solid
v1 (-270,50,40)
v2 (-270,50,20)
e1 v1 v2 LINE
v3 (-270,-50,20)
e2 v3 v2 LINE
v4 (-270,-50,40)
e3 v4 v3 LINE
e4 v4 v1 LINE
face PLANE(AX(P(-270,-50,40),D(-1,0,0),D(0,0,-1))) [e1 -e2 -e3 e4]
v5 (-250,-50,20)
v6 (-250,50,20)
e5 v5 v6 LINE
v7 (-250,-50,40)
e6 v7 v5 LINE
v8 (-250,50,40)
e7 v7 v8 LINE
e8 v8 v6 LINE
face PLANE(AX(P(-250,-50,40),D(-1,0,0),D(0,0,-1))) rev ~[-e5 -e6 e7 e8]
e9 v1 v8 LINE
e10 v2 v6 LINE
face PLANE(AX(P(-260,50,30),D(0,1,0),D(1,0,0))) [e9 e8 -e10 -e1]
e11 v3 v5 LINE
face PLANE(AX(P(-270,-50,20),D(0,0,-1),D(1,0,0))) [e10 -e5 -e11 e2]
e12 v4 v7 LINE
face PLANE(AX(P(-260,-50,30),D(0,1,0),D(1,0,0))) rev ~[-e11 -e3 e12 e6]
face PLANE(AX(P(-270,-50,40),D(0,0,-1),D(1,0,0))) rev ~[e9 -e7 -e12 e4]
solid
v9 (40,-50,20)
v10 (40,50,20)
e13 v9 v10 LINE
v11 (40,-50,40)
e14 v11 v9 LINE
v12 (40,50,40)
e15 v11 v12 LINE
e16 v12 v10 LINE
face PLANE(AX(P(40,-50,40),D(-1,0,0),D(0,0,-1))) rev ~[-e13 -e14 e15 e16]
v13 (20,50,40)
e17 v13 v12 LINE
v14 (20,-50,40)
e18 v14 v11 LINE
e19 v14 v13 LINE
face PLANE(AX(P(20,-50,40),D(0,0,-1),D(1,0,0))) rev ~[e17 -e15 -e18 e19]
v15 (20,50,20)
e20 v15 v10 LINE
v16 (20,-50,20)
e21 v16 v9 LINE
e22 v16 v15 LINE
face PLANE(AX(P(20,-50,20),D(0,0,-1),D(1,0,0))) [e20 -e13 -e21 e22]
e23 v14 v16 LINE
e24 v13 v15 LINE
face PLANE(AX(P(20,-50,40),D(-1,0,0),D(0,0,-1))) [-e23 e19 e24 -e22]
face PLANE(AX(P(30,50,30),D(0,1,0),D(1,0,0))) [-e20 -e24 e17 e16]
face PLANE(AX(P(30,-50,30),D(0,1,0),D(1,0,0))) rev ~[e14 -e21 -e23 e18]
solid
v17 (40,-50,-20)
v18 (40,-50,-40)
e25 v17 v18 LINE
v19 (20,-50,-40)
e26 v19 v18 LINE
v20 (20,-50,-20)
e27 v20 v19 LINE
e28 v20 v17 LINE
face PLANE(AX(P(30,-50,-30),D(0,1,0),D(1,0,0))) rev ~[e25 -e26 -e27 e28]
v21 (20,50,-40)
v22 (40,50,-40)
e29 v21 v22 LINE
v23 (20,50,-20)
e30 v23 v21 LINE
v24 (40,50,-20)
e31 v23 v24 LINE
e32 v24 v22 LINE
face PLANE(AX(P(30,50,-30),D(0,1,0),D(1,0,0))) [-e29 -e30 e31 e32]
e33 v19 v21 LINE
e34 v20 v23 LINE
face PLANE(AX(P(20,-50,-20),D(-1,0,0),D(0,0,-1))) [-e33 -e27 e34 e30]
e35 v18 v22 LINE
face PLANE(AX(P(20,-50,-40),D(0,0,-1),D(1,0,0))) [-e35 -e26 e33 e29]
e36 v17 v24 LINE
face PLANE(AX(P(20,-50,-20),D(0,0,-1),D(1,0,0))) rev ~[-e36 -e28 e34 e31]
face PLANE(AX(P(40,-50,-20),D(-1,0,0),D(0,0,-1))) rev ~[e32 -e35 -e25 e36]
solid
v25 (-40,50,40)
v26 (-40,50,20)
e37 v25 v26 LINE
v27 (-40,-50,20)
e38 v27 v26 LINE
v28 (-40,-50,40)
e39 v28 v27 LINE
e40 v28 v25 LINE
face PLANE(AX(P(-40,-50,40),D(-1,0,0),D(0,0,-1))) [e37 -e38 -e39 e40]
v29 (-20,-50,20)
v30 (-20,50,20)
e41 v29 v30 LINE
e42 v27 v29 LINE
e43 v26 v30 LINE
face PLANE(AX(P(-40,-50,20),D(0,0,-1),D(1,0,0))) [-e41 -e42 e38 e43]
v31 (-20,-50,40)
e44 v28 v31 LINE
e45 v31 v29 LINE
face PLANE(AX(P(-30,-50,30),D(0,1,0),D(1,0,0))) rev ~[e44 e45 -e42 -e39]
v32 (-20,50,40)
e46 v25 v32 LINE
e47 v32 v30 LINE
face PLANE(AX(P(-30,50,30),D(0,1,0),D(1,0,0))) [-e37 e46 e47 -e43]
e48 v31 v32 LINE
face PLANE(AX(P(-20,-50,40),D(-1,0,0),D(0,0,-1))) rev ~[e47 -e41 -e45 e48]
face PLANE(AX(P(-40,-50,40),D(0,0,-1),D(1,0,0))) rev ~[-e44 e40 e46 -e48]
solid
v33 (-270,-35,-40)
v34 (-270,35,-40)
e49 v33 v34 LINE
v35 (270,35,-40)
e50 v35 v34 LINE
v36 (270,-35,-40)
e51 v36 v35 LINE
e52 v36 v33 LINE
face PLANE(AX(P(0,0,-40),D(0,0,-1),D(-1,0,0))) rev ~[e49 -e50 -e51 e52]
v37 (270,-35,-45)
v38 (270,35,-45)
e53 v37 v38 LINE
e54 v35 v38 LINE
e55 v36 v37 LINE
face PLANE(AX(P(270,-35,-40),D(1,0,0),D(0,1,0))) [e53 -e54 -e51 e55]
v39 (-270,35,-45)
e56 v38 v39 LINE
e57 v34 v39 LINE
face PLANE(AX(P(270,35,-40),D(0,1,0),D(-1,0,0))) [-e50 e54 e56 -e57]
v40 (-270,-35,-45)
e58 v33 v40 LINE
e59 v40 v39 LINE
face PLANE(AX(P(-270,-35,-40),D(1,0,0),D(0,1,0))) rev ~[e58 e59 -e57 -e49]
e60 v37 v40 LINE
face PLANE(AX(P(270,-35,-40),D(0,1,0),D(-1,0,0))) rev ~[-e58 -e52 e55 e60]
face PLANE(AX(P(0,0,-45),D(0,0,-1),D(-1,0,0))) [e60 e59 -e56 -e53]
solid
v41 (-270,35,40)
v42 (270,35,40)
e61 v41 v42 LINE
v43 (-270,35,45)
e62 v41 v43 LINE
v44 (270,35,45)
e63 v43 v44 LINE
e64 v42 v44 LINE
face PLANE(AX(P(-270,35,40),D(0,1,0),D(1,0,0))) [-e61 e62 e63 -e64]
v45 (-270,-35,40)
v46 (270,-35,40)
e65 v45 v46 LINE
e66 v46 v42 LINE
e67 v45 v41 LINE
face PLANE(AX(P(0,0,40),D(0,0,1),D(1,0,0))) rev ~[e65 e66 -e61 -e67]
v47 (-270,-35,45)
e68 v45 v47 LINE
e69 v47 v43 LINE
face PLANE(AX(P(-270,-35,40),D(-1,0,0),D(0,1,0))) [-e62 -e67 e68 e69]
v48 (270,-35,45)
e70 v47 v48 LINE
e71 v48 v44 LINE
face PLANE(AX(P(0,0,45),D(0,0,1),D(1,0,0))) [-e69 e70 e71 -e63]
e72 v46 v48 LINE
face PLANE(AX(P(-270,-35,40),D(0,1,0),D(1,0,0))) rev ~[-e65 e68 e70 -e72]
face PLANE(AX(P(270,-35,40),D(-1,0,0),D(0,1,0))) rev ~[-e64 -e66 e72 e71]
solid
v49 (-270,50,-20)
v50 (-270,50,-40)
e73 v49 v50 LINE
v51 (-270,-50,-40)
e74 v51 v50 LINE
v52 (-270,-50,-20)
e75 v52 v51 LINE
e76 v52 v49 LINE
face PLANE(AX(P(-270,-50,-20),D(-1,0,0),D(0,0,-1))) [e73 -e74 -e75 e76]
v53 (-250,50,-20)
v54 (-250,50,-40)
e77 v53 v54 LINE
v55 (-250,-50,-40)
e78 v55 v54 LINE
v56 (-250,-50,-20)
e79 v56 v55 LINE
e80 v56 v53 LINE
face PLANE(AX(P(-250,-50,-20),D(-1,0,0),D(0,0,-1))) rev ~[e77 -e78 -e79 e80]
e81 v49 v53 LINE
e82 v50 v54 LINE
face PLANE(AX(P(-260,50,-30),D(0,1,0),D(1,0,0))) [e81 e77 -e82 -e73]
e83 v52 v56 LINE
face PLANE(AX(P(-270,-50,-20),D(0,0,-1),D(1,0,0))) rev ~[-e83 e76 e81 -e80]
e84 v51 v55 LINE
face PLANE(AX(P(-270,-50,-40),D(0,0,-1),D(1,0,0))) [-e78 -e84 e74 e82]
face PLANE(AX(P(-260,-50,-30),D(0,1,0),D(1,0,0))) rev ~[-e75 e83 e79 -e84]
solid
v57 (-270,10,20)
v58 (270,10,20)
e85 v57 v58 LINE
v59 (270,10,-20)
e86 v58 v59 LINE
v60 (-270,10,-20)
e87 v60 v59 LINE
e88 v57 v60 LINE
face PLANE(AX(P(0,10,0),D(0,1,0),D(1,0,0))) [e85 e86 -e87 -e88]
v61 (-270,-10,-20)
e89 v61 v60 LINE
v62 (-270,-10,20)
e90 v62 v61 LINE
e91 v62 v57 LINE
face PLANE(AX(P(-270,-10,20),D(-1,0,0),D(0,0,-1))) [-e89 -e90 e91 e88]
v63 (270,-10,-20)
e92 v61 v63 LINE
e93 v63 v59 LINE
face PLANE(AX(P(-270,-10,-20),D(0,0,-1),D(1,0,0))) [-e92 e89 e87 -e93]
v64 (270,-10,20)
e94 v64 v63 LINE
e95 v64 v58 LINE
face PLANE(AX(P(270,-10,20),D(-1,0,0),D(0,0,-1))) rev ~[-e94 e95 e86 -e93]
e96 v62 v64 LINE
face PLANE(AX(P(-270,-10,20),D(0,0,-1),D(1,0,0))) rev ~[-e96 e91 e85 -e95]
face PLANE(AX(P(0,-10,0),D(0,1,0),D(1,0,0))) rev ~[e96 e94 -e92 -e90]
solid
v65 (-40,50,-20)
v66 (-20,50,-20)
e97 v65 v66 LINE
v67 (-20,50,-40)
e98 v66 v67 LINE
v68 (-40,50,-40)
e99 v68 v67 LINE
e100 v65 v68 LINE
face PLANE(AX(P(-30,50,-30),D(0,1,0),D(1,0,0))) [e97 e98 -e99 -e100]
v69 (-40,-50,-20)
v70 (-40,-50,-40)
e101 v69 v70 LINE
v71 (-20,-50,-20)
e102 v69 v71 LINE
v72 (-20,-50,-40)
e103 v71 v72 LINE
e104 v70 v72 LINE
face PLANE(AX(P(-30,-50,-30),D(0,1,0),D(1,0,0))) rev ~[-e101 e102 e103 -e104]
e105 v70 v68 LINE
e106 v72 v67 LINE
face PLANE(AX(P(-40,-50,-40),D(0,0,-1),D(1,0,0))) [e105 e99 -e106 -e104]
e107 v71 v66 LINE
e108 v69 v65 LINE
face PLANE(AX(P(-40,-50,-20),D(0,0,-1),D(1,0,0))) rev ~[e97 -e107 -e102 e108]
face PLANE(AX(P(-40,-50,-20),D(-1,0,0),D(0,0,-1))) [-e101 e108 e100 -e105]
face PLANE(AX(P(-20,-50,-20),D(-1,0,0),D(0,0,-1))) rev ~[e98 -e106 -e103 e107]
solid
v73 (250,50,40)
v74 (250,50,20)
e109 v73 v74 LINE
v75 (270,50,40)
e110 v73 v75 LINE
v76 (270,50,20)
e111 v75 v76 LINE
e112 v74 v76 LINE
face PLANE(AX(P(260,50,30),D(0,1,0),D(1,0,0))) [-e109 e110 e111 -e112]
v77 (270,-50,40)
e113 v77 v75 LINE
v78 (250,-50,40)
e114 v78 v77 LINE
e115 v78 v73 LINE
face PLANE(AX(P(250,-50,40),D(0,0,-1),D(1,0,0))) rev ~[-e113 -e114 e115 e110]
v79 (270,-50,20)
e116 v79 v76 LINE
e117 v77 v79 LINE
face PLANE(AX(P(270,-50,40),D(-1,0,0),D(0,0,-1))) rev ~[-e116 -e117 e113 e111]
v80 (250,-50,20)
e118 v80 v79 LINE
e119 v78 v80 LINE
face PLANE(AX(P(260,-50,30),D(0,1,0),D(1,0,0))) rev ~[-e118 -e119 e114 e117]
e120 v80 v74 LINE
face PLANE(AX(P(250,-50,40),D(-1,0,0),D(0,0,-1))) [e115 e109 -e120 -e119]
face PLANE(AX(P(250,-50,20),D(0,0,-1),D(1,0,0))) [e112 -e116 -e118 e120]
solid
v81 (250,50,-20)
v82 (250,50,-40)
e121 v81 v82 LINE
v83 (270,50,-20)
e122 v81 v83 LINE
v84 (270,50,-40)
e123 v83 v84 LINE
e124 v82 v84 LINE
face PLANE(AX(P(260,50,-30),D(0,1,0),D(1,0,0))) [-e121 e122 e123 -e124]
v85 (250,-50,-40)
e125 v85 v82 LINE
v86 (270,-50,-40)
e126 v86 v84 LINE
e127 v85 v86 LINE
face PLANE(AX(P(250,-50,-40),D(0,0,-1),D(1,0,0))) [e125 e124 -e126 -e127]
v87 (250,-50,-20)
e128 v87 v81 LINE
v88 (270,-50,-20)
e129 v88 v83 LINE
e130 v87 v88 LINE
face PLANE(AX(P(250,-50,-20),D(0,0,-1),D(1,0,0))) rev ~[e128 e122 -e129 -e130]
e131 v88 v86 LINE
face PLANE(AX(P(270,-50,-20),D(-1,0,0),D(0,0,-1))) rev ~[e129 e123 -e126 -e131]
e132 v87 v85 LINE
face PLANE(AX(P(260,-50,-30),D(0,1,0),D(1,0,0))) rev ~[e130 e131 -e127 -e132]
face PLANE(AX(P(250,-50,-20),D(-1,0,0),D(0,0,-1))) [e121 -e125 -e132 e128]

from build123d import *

# Parameters (mm, degrees)
BOSS_EXTRUDE2_DEPTH        = 10
BOSS_EXTRUDE2_DEPTH_BACK   = 10
SKETCH2_W                  = 540
SKETCH2_H                  = 40
BOSS_EXTRUDE3_DEPTH        = 50
BOSS_EXTRUDE3_DEPTH_BACK   = 50
SKETCH3_W                  = 20
SKETCH3_H                  = 20
BOSS_EXTRUDE3_2_DEPTH      = 50
BOSS_EXTRUDE3_2_DEPTH_BACK = 50
BOSS_EXTRUDE3_3_DEPTH      = 50
BOSS_EXTRUDE3_3_DEPTH_BACK = 50
BOSS_EXTRUDE3_4_DEPTH      = 50
BOSS_EXTRUDE3_4_DEPTH_BACK = 50
BOSS_EXTRUDE3_5_DEPTH      = 50
BOSS_EXTRUDE3_5_DEPTH_BACK = 50
BOSS_EXTRUDE3_6_DEPTH      = 50
BOSS_EXTRUDE3_6_DEPTH_BACK = 50
BOSS_EXTRUDE3_7_DEPTH      = 50
BOSS_EXTRUDE3_7_DEPTH_BACK = 50
BOSS_EXTRUDE3_8_DEPTH      = 50
BOSS_EXTRUDE3_8_DEPTH_BACK = 50
SKETCH9_W                  = 540
SKETCH9_H                  = 70
BOSS_EXTRUDE10_DEPTH       = 5
SKETCH10_W                 = 540
SKETCH10_H                 = 70
BOSS_EXTRUDE11_DEPTH       = 5


with BuildPart() as part:
    # Sketch2 → Boss-Extrude2 (new, two sides: drawn at the far end of the back side and taken through both)
    with BuildSketch(Plane(origin=(0, 0, 0), x_dir=(1, 0, 0), z_dir=(0, 1, 0)).offset(-BOSS_EXTRUDE2_DEPTH_BACK)):
        Rectangle(SKETCH2_W, SKETCH2_H)
    extrude(amount=BOSS_EXTRUDE2_DEPTH + BOSS_EXTRUDE2_DEPTH_BACK)


with BuildPart() as body_2:
    # Sketch3 → Boss-Extrude3 (new, two sides: drawn at the far end of the back side and taken through both)
    with BuildSketch(Plane(origin=(0, 0, 0), x_dir=(1, 0, 0), z_dir=(0, 1, 0)).offset(-BOSS_EXTRUDE3_DEPTH_BACK)):
        with Locations((-260, -30)):
            Rectangle(SKETCH3_W, SKETCH3_H)
    extrude(amount=BOSS_EXTRUDE3_DEPTH + BOSS_EXTRUDE3_DEPTH_BACK)


with BuildPart() as body_3:
    # Sketch3 → Boss-Extrude3 2 (new, two sides: drawn at the far end of the back side and taken through both)
    with BuildSketch(Plane(origin=(0, 0, 0), x_dir=(1, 0, 0), z_dir=(0, 1, 0)).offset(-BOSS_EXTRUDE3_2_DEPTH_BACK)):
        with Locations((-30, -30)):
            Rectangle(SKETCH3_W, SKETCH3_H)
    extrude(amount=BOSS_EXTRUDE3_2_DEPTH + BOSS_EXTRUDE3_2_DEPTH_BACK)


with BuildPart() as body_4:
    # Sketch3 → Boss-Extrude3 3 (new, two sides: drawn at the far end of the back side and taken through both)
    with BuildSketch(Plane(origin=(0, 0, 0), x_dir=(1, 0, 0), z_dir=(0, 1, 0)).offset(-BOSS_EXTRUDE3_3_DEPTH_BACK)):
        with Locations((-30, 30)):
            Rectangle(SKETCH3_W, SKETCH3_H)
    extrude(amount=BOSS_EXTRUDE3_3_DEPTH + BOSS_EXTRUDE3_3_DEPTH_BACK)


with BuildPart() as body_5:
    # Sketch3 → Boss-Extrude3 4 (new, two sides: drawn at the far end of the back side and taken through both)
    with BuildSketch(Plane(origin=(0, 0, 0), x_dir=(1, 0, 0), z_dir=(0, 1, 0)).offset(-BOSS_EXTRUDE3_4_DEPTH_BACK)):
        with Locations((-260, 30)):
            Rectangle(SKETCH3_W, SKETCH3_H)
    extrude(amount=BOSS_EXTRUDE3_4_DEPTH + BOSS_EXTRUDE3_4_DEPTH_BACK)


with BuildPart() as body_6:
    # Sketch3 → Boss-Extrude3 5 (new, two sides: drawn at the far end of the back side and taken through both)
    with BuildSketch(Plane(origin=(0, 0, 0), x_dir=(1, 0, 0), z_dir=(0, 1, 0)).offset(-BOSS_EXTRUDE3_5_DEPTH_BACK)):
        with Locations((260, 30)):
            Rectangle(SKETCH3_W, SKETCH3_H)
    extrude(amount=BOSS_EXTRUDE3_5_DEPTH + BOSS_EXTRUDE3_5_DEPTH_BACK)


with BuildPart() as body_7:
    # Sketch3 → Boss-Extrude3 6 (new, two sides: drawn at the far end of the back side and taken through both)
    with BuildSketch(Plane(origin=(0, 0, 0), x_dir=(1, 0, 0), z_dir=(0, 1, 0)).offset(-BOSS_EXTRUDE3_6_DEPTH_BACK)):
        with Locations((30, 30)):
            Rectangle(SKETCH3_W, SKETCH3_H)
    extrude(amount=BOSS_EXTRUDE3_6_DEPTH + BOSS_EXTRUDE3_6_DEPTH_BACK)


with BuildPart() as body_8:
    # Sketch3 → Boss-Extrude3 7 (new, two sides: drawn at the far end of the back side and taken through both)
    with BuildSketch(Plane(origin=(0, 0, 0), x_dir=(1, 0, 0), z_dir=(0, 1, 0)).offset(-BOSS_EXTRUDE3_7_DEPTH_BACK)):
        with Locations((30, -30)):
            Rectangle(SKETCH3_W, SKETCH3_H)
    extrude(amount=BOSS_EXTRUDE3_7_DEPTH + BOSS_EXTRUDE3_7_DEPTH_BACK)


with BuildPart() as body_9:
    # Sketch3 → Boss-Extrude3 8 (new, two sides: drawn at the far end of the back side and taken through both)
    with BuildSketch(Plane(origin=(0, 0, 0), x_dir=(1, 0, 0), z_dir=(0, 1, 0)).offset(-BOSS_EXTRUDE3_8_DEPTH_BACK)):
        with Locations((260, -30)):
            Rectangle(SKETCH3_W, SKETCH3_H)
    extrude(amount=BOSS_EXTRUDE3_8_DEPTH + BOSS_EXTRUDE3_8_DEPTH_BACK)


with BuildPart() as body_10:
    # Sketch9 → Boss-Extrude10 (new body)
    with BuildSketch(Plane.XY.offset(40)):
        Rectangle(SKETCH9_W, SKETCH9_H)
    extrude(amount=BOSS_EXTRUDE10_DEPTH)


with BuildPart() as body_11:
    # Sketch10 → Boss-Extrude11 (new body)
    with BuildSketch(Plane(origin=(0, 0, -40), x_dir=(-1, 0, 0), z_dir=(0, 0, -1))):
        Rectangle(SKETCH10_W, SKETCH10_H)
    extrude(amount=BOSS_EXTRUDE11_DEPTH)


solid = Compound([part.part, body_2.part, body_3.part, body_4.part, body_5.part, body_6.part, body_7.part, body_8.part, body_9.part, body_10.part, body_11.part])
